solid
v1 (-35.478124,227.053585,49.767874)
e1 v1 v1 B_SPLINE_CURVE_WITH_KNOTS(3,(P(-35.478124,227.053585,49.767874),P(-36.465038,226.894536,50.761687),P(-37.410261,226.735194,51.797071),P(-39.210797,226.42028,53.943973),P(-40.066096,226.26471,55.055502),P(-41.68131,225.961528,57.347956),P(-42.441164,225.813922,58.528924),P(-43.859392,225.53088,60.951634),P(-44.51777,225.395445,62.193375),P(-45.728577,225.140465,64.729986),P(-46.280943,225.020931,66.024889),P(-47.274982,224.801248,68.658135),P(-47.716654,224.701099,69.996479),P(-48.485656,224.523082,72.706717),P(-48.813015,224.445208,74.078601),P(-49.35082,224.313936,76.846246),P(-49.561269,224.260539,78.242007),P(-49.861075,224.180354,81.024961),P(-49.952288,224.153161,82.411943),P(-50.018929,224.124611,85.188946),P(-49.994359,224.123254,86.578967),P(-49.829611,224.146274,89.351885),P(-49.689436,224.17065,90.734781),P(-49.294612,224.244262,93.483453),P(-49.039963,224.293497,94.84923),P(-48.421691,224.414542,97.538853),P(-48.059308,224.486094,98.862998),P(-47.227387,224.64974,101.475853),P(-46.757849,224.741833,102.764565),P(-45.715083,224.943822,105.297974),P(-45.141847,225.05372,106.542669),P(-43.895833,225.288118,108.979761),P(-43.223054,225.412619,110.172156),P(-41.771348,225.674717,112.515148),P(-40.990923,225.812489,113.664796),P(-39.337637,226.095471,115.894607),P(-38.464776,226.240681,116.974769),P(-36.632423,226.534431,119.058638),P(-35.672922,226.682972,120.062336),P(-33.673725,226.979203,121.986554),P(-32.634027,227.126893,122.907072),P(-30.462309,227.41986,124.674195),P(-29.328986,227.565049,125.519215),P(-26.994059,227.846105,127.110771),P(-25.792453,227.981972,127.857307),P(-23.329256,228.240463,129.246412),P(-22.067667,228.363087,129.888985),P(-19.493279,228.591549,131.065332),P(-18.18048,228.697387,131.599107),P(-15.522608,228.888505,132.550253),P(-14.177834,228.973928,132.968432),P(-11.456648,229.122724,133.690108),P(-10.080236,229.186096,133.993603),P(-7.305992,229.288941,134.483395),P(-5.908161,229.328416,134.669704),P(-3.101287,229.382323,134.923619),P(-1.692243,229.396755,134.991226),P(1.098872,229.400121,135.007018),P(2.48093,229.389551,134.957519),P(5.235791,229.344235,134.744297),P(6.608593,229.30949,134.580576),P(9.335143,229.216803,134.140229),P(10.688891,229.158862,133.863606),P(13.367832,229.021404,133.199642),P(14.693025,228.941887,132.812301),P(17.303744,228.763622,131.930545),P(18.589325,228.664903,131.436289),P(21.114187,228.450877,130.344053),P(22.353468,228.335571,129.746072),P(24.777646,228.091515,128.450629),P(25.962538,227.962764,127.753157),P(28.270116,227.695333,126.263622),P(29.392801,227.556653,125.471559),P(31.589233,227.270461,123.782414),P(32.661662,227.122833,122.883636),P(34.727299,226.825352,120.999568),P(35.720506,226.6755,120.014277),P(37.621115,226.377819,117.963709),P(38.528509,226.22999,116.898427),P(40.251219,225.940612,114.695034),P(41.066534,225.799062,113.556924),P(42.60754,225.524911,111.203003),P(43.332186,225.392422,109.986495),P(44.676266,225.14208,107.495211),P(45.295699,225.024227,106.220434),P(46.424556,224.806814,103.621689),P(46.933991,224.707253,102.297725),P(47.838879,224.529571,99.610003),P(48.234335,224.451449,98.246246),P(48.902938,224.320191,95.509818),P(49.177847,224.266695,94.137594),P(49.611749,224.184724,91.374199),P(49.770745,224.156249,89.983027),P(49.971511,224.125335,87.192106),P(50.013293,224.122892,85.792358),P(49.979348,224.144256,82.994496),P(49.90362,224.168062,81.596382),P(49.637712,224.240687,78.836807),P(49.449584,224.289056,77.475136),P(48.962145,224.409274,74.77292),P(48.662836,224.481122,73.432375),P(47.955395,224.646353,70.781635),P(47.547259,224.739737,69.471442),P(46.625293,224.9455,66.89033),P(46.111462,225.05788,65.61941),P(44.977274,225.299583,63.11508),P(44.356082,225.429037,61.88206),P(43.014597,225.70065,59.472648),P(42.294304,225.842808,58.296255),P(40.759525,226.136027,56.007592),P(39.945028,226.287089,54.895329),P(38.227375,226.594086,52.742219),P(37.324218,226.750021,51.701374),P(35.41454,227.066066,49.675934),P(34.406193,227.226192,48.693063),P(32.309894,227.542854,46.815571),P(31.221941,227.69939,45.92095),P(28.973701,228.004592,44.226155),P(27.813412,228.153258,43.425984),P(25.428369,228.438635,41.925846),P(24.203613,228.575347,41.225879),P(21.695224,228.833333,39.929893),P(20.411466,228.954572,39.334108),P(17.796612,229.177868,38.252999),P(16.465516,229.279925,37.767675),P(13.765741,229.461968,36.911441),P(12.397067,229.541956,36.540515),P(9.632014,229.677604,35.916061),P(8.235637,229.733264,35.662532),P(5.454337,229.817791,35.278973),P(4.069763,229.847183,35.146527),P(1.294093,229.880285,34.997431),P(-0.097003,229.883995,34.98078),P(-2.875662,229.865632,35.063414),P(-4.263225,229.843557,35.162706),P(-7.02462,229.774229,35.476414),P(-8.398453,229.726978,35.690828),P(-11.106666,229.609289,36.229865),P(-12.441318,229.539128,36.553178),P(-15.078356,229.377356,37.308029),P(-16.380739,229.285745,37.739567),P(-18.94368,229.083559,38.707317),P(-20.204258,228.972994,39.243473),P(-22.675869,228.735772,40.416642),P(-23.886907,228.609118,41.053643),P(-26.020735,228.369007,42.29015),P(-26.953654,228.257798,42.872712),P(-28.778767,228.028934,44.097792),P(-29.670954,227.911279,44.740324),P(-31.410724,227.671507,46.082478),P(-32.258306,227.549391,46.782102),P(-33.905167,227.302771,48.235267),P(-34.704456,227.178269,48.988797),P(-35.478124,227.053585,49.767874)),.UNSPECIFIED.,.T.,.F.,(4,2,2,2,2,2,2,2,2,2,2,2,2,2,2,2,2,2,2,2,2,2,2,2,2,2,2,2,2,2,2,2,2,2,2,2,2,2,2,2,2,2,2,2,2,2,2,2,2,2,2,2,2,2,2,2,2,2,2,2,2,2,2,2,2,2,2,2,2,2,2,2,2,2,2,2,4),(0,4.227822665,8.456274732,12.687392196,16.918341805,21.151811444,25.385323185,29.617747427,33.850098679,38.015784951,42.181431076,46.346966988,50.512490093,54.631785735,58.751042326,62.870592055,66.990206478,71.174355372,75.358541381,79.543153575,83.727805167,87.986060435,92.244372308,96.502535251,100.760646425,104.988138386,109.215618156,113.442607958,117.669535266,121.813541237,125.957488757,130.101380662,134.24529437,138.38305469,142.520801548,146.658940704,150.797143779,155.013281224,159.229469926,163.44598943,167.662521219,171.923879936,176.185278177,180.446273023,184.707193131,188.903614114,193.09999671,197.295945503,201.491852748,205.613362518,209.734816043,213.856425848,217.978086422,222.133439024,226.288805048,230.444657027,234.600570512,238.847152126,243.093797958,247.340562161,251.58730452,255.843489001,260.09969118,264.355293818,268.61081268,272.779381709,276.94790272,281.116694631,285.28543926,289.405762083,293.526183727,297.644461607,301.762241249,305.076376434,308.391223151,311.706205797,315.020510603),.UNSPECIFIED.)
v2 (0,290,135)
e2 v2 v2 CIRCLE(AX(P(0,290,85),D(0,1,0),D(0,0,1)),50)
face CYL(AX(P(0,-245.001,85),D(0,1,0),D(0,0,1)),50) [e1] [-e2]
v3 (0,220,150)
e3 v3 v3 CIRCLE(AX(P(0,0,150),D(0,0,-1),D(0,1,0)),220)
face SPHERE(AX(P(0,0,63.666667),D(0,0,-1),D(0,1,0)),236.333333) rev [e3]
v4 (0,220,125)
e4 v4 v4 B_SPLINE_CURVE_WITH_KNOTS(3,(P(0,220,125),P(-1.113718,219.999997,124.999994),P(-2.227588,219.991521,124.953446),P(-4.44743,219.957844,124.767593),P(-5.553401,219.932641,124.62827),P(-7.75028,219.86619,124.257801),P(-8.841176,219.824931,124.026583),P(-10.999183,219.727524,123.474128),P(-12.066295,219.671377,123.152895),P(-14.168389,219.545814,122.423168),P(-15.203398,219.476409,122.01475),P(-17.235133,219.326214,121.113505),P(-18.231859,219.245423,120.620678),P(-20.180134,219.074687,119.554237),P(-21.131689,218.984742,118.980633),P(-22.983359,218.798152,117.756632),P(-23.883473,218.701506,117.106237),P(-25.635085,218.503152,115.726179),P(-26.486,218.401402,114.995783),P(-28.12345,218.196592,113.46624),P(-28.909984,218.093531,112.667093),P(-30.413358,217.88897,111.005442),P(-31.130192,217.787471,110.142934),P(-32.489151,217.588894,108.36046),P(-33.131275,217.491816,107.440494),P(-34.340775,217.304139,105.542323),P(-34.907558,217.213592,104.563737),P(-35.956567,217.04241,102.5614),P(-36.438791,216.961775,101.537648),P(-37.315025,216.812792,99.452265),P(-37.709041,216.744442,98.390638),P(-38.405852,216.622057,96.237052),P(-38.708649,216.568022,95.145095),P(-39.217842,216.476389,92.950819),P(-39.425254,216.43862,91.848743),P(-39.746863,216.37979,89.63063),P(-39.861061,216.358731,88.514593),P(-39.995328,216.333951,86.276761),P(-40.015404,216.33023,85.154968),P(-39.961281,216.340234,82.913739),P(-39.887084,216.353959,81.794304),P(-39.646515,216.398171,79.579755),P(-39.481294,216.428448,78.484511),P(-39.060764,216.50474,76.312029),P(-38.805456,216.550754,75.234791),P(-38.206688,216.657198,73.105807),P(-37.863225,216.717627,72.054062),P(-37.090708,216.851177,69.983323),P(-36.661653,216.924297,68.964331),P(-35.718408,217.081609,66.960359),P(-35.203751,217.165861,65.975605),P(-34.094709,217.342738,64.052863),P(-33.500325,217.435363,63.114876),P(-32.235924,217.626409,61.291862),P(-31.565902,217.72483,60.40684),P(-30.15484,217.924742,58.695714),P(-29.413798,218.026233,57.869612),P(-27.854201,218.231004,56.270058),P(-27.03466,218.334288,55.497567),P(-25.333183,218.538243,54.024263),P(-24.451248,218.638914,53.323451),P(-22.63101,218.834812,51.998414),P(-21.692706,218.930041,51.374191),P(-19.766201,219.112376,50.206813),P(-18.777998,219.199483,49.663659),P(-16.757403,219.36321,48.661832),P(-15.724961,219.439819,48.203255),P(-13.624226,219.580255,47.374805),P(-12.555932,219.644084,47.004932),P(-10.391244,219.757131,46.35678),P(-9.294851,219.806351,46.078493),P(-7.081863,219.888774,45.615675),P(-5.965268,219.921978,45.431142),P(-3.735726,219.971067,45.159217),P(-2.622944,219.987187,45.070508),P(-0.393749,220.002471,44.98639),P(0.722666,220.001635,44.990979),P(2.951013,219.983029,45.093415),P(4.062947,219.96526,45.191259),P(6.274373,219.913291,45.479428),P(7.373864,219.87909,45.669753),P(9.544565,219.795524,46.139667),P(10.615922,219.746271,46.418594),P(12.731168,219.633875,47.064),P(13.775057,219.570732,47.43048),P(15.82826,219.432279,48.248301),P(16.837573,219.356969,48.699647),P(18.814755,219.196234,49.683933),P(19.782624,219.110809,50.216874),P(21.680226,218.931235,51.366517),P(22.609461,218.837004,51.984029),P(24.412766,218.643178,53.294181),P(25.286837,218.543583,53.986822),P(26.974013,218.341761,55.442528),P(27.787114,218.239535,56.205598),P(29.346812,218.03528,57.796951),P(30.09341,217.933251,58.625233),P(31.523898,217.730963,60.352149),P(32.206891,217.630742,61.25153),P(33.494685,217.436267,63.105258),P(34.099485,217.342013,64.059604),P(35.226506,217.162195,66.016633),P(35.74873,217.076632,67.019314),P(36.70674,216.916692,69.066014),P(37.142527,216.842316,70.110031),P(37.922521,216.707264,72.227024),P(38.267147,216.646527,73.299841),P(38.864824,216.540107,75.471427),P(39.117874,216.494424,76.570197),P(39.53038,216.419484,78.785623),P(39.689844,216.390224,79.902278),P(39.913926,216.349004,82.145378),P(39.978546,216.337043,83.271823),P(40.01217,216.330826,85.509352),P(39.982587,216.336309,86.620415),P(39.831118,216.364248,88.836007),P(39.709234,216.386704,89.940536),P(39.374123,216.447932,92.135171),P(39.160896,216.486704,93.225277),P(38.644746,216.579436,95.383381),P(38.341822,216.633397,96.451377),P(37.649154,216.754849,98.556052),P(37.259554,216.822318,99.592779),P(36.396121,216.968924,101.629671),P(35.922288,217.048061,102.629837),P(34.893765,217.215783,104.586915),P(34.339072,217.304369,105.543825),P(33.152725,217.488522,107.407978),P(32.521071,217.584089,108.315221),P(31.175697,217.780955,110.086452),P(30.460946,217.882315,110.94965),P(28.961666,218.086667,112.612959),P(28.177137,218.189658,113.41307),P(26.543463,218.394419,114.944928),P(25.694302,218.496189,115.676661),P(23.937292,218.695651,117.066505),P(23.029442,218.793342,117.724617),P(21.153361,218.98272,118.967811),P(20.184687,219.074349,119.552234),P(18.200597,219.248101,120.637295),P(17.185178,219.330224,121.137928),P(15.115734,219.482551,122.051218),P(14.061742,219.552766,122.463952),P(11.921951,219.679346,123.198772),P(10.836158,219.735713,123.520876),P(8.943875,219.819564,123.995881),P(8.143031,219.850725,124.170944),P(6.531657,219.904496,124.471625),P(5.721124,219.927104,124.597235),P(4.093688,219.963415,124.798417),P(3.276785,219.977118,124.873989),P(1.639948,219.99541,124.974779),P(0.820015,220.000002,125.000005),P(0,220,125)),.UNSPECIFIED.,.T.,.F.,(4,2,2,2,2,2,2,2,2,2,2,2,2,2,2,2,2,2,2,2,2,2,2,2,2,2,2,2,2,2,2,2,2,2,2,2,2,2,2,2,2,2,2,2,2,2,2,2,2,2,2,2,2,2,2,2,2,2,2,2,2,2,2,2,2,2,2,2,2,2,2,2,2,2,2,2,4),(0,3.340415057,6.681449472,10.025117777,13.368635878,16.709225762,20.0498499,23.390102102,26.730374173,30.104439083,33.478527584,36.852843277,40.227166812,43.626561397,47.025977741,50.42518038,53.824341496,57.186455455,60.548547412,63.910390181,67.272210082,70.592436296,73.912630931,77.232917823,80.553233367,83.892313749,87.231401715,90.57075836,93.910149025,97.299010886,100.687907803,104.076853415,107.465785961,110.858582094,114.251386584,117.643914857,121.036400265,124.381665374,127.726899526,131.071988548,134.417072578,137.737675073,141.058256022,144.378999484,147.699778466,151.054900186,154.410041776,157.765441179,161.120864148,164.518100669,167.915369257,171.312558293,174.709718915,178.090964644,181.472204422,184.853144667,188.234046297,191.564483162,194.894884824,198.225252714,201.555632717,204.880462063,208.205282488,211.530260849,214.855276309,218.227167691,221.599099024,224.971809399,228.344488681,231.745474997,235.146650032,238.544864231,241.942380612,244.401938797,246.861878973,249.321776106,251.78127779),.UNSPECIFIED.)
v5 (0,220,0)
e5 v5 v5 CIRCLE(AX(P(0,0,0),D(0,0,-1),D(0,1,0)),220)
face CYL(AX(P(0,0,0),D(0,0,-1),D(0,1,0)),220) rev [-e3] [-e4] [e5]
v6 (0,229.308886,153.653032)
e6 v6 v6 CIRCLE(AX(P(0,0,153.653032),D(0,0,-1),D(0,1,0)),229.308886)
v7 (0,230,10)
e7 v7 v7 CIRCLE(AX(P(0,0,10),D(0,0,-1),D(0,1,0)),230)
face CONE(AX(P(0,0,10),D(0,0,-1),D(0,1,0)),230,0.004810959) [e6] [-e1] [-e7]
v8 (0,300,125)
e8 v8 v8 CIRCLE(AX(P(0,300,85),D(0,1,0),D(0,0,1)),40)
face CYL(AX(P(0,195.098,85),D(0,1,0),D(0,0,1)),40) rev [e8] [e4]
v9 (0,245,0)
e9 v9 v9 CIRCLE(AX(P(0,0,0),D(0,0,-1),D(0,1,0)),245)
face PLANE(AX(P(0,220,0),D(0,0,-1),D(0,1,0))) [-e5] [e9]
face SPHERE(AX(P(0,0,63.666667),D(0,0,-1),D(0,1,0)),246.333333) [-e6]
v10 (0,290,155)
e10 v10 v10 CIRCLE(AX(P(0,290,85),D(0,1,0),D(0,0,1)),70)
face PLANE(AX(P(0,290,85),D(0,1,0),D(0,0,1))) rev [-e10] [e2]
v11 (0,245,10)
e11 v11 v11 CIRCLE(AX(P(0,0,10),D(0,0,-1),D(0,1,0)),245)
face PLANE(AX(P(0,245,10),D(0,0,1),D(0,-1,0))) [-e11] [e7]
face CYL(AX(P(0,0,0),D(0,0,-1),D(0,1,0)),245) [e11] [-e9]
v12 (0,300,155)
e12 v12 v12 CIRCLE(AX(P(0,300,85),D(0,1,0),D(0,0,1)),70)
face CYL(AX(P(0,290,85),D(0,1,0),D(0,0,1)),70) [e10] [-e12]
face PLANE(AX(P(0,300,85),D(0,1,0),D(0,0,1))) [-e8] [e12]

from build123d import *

# Parameters (mm, degrees)
BOSS_EXTRUDE1_REACH = 675.164
SKETCH2_R           = 50
SKETCH3_R           = 40
CUT_EXTRUDE1_DEPTH  = 104.902
SKETCH4_R           = 70
SKETCH4_R_2         = 50
BOSS_EXTRUDE2_DEPTH = 10


with BuildPart() as part:
    # Sketch1 → Revolve1 (revolve)
    with BuildSketch(Plane(origin=(0, 0, 0), x_dir=(0, 0, -1), z_dir=(1, 0, 0))):
        with BuildLine():
            Line((0, 220), (0, 245))
            Line((0, 245), (-10, 245))
            Line((-10, 245), (-10, 230))
            Line((-10, 230), (-153.65303244, 229.308885755))
            ThreePointArc((-153.65303244, 229.308885755), (-267.194002112, 138.768637803), (-310, 0))
            Line((-310, 0), (-300, 0))
            ThreePointArc((-300, 0), (-258.931728684, 133.135269557), (-150, 220))
            Line((-150, 220), (0, 220))
        make_face()
    revolve(axis=Axis((0, 0, 0), (0, 0, 1)))

    # Boss-Extrude1: up to this cone (the profile starts outside it)
    boss_extrude1_end = Plane(origin=(0, 0, 85), z_dir=(0, 0, -1)) * Cone(225.283764793, 233.994585723, 1810.606350515, mode=Mode.PRIVATE)
    # Sketch2 → Boss-Extrude1 (add, up to the surface)
    with BuildSketch(Plane(origin=(0, 300, 0), x_dir=(1, 0, 0), z_dir=(0, 1, 0)), mode=Mode.PRIVATE) as boss_extrude1_sk1:
        with Locations(Location((0, -85, 0), (0, 0, 270.000000002))):
            Circle(SKETCH2_R)
    boss_extrude1_tool1 = extrude(boss_extrude1_sk1.sketch, amount=-BOSS_EXTRUDE1_REACH, mode=Mode.PRIVATE) - boss_extrude1_end
    add(boss_extrude1_tool1.solids().sort_by_distance((0, 300, 85))[0])

    # Sketch3 → Cut-Extrude1 (cut)
    with BuildSketch(Plane(origin=(0, 300, 0), x_dir=(1, 0, 0), z_dir=(0, 1, 0))):
        with Locations(Location((0, -85, 0), (0, 0, 270))):
            Circle(SKETCH3_R)
    extrude(amount=-CUT_EXTRUDE1_DEPTH, mode=Mode.SUBTRACT)

    # Sketch4 → Boss-Extrude2 (add)
    with BuildSketch(Plane(origin=(0, 300, 0), x_dir=(1, 0, 0), z_dir=(0, 1, 0))):
        with Locations(Location((0, -85, 0), (0, 0, 270))):
            Circle(SKETCH4_R)
        with Locations(Location((0, -85, 0), (0, 0, 270))):
            Circle(SKETCH4_R_2, mode=Mode.SUBTRACT)
    extrude(amount=-BOSS_EXTRUDE2_DEPTH)


solid = part.part
